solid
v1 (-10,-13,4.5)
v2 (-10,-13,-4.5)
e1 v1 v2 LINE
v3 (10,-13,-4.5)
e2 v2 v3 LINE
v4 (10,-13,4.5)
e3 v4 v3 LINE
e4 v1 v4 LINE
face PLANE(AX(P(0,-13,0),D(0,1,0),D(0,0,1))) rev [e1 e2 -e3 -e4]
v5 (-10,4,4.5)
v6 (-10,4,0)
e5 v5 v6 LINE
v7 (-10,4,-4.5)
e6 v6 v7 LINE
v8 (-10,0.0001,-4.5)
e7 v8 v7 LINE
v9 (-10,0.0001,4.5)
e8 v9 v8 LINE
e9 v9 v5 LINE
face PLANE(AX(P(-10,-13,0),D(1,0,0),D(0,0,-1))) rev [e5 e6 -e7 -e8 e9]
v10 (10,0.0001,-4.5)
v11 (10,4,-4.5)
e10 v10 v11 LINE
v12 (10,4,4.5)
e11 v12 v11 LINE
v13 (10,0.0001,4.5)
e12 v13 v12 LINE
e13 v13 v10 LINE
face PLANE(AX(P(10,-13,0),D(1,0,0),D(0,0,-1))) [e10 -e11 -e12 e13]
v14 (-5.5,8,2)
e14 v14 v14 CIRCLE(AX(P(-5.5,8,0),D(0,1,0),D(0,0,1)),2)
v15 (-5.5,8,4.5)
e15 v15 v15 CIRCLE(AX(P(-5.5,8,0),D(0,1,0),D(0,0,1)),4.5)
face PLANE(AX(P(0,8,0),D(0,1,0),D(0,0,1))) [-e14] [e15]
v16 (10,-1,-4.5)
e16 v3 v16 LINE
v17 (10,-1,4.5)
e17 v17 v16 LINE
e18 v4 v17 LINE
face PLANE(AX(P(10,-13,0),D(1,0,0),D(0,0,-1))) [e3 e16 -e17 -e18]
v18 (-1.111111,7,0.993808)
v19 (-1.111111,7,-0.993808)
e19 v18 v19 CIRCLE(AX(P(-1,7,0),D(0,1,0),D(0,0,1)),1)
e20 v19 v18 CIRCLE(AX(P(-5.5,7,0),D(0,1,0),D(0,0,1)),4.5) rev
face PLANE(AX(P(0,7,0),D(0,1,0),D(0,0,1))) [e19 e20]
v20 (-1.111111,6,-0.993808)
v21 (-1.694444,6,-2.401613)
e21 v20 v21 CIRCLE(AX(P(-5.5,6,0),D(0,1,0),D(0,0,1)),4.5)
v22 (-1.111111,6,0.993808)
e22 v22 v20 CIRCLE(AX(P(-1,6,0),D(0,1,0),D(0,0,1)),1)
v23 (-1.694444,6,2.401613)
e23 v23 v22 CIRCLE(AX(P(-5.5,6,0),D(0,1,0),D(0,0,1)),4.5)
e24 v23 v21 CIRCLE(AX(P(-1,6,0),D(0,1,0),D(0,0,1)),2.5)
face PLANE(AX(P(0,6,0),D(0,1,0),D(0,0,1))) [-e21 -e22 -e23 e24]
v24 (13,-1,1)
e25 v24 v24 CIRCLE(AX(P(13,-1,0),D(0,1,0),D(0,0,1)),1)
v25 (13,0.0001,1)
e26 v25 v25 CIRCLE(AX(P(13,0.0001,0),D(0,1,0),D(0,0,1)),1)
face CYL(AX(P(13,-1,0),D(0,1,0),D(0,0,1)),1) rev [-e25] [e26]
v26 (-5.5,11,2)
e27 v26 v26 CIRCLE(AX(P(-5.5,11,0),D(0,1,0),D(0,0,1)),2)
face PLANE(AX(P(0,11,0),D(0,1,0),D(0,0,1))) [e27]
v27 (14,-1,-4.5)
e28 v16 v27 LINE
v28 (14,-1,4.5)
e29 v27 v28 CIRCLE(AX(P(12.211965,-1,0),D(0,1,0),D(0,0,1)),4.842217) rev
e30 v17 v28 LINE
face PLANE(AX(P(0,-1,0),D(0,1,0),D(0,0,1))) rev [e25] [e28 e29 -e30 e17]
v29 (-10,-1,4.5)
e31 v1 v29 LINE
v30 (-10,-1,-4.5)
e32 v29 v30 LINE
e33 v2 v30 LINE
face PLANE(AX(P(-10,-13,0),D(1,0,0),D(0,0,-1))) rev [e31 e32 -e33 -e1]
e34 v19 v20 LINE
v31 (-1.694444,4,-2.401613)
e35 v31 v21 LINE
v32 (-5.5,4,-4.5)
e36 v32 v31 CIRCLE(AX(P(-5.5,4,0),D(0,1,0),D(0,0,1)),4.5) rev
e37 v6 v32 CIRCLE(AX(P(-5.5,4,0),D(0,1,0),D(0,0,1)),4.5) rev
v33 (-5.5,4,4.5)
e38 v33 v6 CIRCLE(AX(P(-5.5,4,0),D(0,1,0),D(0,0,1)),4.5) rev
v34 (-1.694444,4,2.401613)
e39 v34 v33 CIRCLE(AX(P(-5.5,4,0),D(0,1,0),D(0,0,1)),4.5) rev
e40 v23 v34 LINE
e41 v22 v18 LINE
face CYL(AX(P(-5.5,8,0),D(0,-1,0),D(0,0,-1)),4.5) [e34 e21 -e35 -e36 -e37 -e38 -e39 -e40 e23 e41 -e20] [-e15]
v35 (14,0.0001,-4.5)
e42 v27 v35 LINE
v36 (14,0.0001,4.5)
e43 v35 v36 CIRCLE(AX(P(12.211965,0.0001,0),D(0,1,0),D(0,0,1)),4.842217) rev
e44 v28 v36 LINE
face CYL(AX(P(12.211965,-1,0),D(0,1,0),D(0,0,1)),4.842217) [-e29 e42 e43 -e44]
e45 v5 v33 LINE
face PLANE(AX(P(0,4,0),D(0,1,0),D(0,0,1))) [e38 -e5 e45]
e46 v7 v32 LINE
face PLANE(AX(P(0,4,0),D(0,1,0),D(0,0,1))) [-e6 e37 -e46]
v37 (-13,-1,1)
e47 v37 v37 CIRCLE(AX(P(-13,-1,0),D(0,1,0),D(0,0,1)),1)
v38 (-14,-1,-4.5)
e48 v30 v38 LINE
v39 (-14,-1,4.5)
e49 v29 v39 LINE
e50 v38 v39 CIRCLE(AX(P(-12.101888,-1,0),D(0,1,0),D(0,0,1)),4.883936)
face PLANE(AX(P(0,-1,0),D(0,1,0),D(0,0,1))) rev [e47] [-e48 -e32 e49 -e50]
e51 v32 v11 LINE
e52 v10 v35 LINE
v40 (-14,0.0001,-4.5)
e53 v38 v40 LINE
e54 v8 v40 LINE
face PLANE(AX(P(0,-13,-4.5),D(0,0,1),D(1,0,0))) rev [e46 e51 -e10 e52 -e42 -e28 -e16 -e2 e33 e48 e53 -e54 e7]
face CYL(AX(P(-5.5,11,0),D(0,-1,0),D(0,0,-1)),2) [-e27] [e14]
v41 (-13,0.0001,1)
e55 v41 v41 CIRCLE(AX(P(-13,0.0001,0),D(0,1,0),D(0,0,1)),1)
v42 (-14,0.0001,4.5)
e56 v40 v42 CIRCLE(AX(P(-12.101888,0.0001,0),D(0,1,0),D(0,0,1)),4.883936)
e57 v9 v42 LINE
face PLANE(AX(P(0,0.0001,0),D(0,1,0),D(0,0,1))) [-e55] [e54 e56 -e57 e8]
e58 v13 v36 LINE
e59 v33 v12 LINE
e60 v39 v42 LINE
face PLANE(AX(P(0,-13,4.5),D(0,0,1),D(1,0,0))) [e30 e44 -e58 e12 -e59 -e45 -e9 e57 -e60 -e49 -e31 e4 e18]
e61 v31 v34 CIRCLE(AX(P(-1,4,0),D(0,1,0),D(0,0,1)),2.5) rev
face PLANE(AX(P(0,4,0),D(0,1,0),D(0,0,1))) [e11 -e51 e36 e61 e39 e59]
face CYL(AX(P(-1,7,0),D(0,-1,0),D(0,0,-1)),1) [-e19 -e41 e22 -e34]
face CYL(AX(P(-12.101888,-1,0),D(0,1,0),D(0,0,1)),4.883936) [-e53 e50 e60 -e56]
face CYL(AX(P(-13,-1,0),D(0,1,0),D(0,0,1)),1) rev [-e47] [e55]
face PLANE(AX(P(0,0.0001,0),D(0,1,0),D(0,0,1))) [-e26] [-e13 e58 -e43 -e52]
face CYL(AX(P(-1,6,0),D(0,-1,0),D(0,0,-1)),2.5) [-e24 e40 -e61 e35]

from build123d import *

# Parameters (mm, degrees)
BOSS_EXTRUDE3_DEPTH      = 4
BOSS_EXTRUDE3_DEPTH_BACK = 13
SKETCH1_W                = 20
SKETCH1_H                = 9
BOSS_EXTRUDE4_DEPTH      = 0.0001
BOSS_EXTRUDE4_DEPTH_BACK = 1
SKETCH1_3_R              = 1
SKETCH1_8_R              = 1
BOSS_EXTRUDE6_DEPTH      = 7
SKETCH1_9_R              = 2
BOSS_EXTRUDE7_DEPTH      = 11
SKETCH1_11_R             = 4.5
BOSS_EXTRUDE10_DEPTH     = 8
SKETCH1_12_R             = 2.5
BOSS_EXTRUDE11_DEPTH     = 6


with BuildPart() as part:
    # Sketch1 → Boss-Extrude3 (new, two sides: drawn at the far end of the back side and taken through both)
    with BuildSketch(Plane(origin=(0, 0, 0), x_dir=(1, 0, 0), z_dir=(0, 1, 0)).offset(-BOSS_EXTRUDE3_DEPTH_BACK)):
        Rectangle(SKETCH1_W, SKETCH1_H)
    extrude(amount=BOSS_EXTRUDE3_DEPTH + BOSS_EXTRUDE3_DEPTH_BACK)

    # Sketch1<3> → Boss-Extrude4 (add, two sides: drawn at the far end of the back side and taken through both)
    # profile 1 of 2: a face of its own
    with BuildSketch(Plane(origin=(0, 0, 0), x_dir=(1, 0, 0), z_dir=(0, 1, 0)).offset(-BOSS_EXTRUDE4_DEPTH_BACK)):
        with BuildLine():
            Line((-14, -4.5), (-10, -4.5))
            Line((-10, -4.5), (-10, 4.5))
            Line((-10, 4.5), (-14, 4.5))
            ThreePointArc((-14, 4.5), (-16.985823737, 0), (-14, -4.5))
        make_face()
        with Locations((-13, 0)):
            Circle(SKETCH1_3_R, mode=Mode.SUBTRACT)
    # profile 2 of 2: a face of its own
    with BuildSketch(Plane(origin=(0, 0, 0), x_dir=(1, 0, 0), z_dir=(0, 1, 0)).offset(-BOSS_EXTRUDE4_DEPTH_BACK)):
        with BuildLine():
            Line((10, 4.5), (10, -4.5))
            Line((10, -4.5), (14, -4.5))
            ThreePointArc((14, -4.5), (17.054182563, 0), (14, 4.5))
            Line((14, 4.5), (10, 4.5))
        make_face()
        with Locations((13, 0)):
            Circle(SKETCH1_3_R, mode=Mode.SUBTRACT)
    extrude(amount=BOSS_EXTRUDE4_DEPTH + BOSS_EXTRUDE4_DEPTH_BACK)

    # Sketch1<8> → Boss-Extrude6 (add)
    with BuildSketch(Plane(origin=(0, 0, 0), x_dir=(1, 0, 0), z_dir=(0, 1, 0))):
        with Locations((-1, 0)):
            Circle(SKETCH1_8_R)
    extrude(amount=BOSS_EXTRUDE6_DEPTH)

    # Sketch1<9> → Boss-Extrude7 (add)
    with BuildSketch(Plane(origin=(0, 0, 0), x_dir=(1, 0, 0), z_dir=(0, 1, 0))):
        with Locations((-5.5, 0)):
            Circle(SKETCH1_9_R)
    extrude(amount=BOSS_EXTRUDE7_DEPTH)

    # Sketch1<11> → Boss-Extrude10 (add)
    with BuildSketch(Plane(origin=(0, 0, 0), x_dir=(1, 0, 0), z_dir=(0, 1, 0))):
        with Locations((-5.5, 0)):
            Circle(SKETCH1_11_R)
    extrude(amount=BOSS_EXTRUDE10_DEPTH)

    # Sketch1<12> → Boss-Extrude11 (add)
    with BuildSketch(Plane(origin=(0, 0, 0), x_dir=(1, 0, 0), z_dir=(0, 1, 0))):
        with Locations((-1, 0)):
            Circle(SKETCH1_12_R)
    extrude(amount=BOSS_EXTRUDE11_DEPTH)


solid = part.part
